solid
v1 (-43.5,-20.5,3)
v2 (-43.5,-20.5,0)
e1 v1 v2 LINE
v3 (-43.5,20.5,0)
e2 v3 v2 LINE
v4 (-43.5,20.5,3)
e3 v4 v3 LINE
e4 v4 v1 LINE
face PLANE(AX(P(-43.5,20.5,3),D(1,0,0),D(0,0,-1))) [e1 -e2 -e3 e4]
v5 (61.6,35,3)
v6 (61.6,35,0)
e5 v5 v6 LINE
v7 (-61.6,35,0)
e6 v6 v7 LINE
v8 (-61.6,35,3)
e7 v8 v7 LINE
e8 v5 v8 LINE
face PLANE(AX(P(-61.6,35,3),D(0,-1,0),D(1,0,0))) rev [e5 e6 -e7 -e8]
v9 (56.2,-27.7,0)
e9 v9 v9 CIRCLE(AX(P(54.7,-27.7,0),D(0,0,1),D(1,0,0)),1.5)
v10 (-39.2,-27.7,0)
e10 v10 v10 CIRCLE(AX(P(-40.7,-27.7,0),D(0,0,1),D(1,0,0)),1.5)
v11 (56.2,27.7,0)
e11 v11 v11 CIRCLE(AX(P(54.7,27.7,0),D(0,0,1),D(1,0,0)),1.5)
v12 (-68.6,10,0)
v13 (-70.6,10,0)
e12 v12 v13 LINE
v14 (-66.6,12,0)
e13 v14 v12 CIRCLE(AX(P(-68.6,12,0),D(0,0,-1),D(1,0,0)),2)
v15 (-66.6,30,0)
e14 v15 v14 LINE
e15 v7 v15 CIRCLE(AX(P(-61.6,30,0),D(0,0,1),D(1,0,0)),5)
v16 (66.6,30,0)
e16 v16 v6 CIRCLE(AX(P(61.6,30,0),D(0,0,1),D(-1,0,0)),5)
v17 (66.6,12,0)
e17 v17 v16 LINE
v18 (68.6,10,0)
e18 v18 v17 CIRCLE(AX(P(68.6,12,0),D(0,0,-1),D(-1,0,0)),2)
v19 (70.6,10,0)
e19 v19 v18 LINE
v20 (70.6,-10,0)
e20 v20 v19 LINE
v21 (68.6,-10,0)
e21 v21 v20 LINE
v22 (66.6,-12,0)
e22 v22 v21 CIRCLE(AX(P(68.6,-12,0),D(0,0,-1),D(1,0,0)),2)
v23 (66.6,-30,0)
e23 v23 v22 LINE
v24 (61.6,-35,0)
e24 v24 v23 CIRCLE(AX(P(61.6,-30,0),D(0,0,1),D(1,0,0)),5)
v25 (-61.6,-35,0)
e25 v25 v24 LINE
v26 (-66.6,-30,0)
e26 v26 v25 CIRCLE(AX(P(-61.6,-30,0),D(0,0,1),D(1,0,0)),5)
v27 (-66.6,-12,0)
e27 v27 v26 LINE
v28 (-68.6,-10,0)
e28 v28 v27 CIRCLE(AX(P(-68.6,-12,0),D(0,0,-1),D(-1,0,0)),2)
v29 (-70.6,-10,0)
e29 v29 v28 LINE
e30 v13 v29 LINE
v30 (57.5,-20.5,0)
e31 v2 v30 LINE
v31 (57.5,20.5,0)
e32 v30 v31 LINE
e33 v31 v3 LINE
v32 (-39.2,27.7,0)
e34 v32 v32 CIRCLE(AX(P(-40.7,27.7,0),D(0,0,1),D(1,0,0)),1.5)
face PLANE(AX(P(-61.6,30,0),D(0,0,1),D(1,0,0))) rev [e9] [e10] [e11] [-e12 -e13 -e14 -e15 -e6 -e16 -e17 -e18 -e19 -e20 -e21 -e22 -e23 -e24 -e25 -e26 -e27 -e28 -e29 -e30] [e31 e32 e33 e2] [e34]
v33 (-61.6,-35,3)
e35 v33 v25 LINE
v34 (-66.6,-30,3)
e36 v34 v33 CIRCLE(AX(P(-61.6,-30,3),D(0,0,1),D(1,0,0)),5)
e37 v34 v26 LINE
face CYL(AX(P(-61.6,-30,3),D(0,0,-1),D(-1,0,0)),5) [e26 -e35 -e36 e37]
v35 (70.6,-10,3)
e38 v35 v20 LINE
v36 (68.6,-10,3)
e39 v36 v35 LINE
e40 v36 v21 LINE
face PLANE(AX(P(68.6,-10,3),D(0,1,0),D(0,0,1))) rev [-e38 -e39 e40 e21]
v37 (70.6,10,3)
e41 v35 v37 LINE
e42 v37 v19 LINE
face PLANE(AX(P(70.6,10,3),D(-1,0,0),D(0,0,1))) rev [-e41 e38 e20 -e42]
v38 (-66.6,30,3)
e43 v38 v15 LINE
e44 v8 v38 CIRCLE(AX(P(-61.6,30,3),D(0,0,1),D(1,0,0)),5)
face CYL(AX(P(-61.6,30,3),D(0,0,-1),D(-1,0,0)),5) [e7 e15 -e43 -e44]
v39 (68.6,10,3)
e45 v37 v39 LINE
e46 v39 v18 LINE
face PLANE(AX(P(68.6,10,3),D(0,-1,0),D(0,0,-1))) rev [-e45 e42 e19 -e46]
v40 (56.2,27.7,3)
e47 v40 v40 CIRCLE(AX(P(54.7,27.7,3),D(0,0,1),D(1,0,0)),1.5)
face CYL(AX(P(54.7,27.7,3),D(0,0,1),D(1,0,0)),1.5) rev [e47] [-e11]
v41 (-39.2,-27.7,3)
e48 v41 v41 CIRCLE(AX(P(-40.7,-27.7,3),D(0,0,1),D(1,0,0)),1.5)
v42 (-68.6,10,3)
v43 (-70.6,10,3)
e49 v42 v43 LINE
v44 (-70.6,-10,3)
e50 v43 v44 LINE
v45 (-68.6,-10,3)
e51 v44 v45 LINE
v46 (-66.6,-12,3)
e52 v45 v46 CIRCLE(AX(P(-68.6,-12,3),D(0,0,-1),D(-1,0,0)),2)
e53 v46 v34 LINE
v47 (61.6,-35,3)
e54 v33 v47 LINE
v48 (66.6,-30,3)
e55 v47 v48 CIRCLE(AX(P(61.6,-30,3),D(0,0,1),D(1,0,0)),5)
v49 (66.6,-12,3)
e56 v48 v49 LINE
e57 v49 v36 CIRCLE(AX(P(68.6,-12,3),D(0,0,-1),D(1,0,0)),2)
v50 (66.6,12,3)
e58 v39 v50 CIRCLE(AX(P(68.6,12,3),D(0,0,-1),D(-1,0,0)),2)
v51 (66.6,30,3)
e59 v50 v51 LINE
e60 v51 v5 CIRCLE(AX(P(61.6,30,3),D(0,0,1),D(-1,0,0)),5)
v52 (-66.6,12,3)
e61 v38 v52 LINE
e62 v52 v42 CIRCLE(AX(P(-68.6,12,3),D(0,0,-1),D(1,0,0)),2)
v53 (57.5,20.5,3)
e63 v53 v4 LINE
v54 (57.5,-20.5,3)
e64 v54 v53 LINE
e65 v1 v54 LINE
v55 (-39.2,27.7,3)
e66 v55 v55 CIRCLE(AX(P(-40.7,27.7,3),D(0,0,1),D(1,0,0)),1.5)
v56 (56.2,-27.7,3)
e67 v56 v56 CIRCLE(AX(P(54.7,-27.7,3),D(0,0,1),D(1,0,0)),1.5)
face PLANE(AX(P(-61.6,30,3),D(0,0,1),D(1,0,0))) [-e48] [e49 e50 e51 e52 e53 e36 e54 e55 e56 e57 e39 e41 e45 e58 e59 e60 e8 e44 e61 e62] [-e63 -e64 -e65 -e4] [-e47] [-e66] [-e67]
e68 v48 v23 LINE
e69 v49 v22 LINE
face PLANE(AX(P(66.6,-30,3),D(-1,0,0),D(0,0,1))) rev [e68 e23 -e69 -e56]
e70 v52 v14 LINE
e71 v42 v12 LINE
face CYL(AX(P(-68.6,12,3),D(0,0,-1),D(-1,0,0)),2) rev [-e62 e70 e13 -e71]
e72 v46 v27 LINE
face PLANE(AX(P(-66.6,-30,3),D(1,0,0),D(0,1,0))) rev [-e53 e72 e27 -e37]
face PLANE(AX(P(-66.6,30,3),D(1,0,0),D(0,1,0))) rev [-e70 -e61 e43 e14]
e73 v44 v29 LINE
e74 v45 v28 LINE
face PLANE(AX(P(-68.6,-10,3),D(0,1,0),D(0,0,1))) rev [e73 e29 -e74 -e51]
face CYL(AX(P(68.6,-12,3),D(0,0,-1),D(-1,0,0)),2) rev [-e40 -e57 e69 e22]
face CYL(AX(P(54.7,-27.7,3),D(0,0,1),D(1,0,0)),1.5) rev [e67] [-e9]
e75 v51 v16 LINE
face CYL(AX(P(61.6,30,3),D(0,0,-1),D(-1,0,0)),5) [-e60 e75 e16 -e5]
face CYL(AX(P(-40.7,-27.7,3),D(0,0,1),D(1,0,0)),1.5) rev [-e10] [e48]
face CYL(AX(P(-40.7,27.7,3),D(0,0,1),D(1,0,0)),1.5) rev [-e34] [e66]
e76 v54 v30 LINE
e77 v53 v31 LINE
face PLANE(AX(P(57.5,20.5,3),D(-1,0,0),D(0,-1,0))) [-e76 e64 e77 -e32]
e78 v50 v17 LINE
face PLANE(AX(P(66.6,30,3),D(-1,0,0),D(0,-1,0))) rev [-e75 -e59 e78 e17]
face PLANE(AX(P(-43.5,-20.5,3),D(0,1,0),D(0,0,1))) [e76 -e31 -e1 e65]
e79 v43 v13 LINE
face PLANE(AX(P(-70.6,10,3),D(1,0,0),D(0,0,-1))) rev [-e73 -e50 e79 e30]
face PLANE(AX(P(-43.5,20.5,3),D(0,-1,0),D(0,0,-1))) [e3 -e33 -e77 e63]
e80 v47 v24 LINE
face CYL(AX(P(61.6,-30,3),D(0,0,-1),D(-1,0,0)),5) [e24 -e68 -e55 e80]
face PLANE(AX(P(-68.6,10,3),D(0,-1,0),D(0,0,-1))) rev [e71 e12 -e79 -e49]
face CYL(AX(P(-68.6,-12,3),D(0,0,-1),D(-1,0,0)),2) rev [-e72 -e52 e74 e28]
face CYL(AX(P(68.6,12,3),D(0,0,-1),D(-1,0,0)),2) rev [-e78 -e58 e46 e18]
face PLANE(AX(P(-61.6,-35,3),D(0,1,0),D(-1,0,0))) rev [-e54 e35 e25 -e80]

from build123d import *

# Parameters (mm, degrees)
ESQUISSE1_W                       = 101
ESQUISSE1_H                       = 41
BOSS_EXTRU_1_DEPTH                = 3
DIAM_TRE_DU_PER_AGE_3_0_3_1_D     = 3
DIAM_TRE_DU_PER_AGE_3_0_3_1_DEPTH = 3


with BuildPart() as part:
    # Esquisse1 → Boss.-Extru.1 (new body)
    with BuildSketch(Plane.XY):
        with BuildLine():
            Line((66.6, 30), (66.6, 12))
            ThreePointArc((66.6, 12), (67.185786438, 10.585786438), (68.6, 10))
            Line((68.6, 10), (70.6, 10))
            Line((70.6, 10), (70.6, -10))
            Line((70.6, -10), (68.6, -10))
            ThreePointArc((68.6, -10), (67.185786438, -10.585786438), (66.6, -12))
            Line((66.6, -12), (66.6, -30))
            ThreePointArc((66.6, -30), (65.135533906, -33.535533906), (61.6, -35))
            Line((61.6, -35), (-61.6, -35))
            ThreePointArc((-61.6, -35), (-65.135533906, -33.535533906), (-66.6, -30))
            Line((-66.6, -30), (-66.6, -12))
            ThreePointArc((-66.6, -12), (-67.185786438, -10.585786438), (-68.6, -10))
            Line((-68.6, -10), (-70.6, -10))
            Line((-70.6, -10), (-70.6, 10))
            Line((-70.6, 10), (-68.6, 10))
            ThreePointArc((-68.6, 10), (-67.185786438, 10.585786438), (-66.6, 12))
            Line((-66.6, 12), (-66.6, 30))
            ThreePointArc((-66.6, 30), (-65.135533906, 33.535533906), (-61.6, 35))
            Line((-61.6, 35), (61.6, 35))
            ThreePointArc((61.6, 35), (65.135533906, 33.535533906), (66.6, 30))
        make_face()
        with Locations((7, 0)):
            Rectangle(ESQUISSE1_W, ESQUISSE1_H, mode=Mode.SUBTRACT)
    extrude(amount=BOSS_EXTRU_1_DEPTH)

    # Diamètre du perçage Ø3.0 (3)1
    with Locations(Plane.XY.offset(3)):
        with Locations((-40.7, 27.7), (-40.7, -27.7), (54.7, -27.7), (54.7, 27.7)):
            Hole(DIAM_TRE_DU_PER_AGE_3_0_3_1_D / 2, depth=DIAM_TRE_DU_PER_AGE_3_0_3_1_DEPTH)


solid = part.part
